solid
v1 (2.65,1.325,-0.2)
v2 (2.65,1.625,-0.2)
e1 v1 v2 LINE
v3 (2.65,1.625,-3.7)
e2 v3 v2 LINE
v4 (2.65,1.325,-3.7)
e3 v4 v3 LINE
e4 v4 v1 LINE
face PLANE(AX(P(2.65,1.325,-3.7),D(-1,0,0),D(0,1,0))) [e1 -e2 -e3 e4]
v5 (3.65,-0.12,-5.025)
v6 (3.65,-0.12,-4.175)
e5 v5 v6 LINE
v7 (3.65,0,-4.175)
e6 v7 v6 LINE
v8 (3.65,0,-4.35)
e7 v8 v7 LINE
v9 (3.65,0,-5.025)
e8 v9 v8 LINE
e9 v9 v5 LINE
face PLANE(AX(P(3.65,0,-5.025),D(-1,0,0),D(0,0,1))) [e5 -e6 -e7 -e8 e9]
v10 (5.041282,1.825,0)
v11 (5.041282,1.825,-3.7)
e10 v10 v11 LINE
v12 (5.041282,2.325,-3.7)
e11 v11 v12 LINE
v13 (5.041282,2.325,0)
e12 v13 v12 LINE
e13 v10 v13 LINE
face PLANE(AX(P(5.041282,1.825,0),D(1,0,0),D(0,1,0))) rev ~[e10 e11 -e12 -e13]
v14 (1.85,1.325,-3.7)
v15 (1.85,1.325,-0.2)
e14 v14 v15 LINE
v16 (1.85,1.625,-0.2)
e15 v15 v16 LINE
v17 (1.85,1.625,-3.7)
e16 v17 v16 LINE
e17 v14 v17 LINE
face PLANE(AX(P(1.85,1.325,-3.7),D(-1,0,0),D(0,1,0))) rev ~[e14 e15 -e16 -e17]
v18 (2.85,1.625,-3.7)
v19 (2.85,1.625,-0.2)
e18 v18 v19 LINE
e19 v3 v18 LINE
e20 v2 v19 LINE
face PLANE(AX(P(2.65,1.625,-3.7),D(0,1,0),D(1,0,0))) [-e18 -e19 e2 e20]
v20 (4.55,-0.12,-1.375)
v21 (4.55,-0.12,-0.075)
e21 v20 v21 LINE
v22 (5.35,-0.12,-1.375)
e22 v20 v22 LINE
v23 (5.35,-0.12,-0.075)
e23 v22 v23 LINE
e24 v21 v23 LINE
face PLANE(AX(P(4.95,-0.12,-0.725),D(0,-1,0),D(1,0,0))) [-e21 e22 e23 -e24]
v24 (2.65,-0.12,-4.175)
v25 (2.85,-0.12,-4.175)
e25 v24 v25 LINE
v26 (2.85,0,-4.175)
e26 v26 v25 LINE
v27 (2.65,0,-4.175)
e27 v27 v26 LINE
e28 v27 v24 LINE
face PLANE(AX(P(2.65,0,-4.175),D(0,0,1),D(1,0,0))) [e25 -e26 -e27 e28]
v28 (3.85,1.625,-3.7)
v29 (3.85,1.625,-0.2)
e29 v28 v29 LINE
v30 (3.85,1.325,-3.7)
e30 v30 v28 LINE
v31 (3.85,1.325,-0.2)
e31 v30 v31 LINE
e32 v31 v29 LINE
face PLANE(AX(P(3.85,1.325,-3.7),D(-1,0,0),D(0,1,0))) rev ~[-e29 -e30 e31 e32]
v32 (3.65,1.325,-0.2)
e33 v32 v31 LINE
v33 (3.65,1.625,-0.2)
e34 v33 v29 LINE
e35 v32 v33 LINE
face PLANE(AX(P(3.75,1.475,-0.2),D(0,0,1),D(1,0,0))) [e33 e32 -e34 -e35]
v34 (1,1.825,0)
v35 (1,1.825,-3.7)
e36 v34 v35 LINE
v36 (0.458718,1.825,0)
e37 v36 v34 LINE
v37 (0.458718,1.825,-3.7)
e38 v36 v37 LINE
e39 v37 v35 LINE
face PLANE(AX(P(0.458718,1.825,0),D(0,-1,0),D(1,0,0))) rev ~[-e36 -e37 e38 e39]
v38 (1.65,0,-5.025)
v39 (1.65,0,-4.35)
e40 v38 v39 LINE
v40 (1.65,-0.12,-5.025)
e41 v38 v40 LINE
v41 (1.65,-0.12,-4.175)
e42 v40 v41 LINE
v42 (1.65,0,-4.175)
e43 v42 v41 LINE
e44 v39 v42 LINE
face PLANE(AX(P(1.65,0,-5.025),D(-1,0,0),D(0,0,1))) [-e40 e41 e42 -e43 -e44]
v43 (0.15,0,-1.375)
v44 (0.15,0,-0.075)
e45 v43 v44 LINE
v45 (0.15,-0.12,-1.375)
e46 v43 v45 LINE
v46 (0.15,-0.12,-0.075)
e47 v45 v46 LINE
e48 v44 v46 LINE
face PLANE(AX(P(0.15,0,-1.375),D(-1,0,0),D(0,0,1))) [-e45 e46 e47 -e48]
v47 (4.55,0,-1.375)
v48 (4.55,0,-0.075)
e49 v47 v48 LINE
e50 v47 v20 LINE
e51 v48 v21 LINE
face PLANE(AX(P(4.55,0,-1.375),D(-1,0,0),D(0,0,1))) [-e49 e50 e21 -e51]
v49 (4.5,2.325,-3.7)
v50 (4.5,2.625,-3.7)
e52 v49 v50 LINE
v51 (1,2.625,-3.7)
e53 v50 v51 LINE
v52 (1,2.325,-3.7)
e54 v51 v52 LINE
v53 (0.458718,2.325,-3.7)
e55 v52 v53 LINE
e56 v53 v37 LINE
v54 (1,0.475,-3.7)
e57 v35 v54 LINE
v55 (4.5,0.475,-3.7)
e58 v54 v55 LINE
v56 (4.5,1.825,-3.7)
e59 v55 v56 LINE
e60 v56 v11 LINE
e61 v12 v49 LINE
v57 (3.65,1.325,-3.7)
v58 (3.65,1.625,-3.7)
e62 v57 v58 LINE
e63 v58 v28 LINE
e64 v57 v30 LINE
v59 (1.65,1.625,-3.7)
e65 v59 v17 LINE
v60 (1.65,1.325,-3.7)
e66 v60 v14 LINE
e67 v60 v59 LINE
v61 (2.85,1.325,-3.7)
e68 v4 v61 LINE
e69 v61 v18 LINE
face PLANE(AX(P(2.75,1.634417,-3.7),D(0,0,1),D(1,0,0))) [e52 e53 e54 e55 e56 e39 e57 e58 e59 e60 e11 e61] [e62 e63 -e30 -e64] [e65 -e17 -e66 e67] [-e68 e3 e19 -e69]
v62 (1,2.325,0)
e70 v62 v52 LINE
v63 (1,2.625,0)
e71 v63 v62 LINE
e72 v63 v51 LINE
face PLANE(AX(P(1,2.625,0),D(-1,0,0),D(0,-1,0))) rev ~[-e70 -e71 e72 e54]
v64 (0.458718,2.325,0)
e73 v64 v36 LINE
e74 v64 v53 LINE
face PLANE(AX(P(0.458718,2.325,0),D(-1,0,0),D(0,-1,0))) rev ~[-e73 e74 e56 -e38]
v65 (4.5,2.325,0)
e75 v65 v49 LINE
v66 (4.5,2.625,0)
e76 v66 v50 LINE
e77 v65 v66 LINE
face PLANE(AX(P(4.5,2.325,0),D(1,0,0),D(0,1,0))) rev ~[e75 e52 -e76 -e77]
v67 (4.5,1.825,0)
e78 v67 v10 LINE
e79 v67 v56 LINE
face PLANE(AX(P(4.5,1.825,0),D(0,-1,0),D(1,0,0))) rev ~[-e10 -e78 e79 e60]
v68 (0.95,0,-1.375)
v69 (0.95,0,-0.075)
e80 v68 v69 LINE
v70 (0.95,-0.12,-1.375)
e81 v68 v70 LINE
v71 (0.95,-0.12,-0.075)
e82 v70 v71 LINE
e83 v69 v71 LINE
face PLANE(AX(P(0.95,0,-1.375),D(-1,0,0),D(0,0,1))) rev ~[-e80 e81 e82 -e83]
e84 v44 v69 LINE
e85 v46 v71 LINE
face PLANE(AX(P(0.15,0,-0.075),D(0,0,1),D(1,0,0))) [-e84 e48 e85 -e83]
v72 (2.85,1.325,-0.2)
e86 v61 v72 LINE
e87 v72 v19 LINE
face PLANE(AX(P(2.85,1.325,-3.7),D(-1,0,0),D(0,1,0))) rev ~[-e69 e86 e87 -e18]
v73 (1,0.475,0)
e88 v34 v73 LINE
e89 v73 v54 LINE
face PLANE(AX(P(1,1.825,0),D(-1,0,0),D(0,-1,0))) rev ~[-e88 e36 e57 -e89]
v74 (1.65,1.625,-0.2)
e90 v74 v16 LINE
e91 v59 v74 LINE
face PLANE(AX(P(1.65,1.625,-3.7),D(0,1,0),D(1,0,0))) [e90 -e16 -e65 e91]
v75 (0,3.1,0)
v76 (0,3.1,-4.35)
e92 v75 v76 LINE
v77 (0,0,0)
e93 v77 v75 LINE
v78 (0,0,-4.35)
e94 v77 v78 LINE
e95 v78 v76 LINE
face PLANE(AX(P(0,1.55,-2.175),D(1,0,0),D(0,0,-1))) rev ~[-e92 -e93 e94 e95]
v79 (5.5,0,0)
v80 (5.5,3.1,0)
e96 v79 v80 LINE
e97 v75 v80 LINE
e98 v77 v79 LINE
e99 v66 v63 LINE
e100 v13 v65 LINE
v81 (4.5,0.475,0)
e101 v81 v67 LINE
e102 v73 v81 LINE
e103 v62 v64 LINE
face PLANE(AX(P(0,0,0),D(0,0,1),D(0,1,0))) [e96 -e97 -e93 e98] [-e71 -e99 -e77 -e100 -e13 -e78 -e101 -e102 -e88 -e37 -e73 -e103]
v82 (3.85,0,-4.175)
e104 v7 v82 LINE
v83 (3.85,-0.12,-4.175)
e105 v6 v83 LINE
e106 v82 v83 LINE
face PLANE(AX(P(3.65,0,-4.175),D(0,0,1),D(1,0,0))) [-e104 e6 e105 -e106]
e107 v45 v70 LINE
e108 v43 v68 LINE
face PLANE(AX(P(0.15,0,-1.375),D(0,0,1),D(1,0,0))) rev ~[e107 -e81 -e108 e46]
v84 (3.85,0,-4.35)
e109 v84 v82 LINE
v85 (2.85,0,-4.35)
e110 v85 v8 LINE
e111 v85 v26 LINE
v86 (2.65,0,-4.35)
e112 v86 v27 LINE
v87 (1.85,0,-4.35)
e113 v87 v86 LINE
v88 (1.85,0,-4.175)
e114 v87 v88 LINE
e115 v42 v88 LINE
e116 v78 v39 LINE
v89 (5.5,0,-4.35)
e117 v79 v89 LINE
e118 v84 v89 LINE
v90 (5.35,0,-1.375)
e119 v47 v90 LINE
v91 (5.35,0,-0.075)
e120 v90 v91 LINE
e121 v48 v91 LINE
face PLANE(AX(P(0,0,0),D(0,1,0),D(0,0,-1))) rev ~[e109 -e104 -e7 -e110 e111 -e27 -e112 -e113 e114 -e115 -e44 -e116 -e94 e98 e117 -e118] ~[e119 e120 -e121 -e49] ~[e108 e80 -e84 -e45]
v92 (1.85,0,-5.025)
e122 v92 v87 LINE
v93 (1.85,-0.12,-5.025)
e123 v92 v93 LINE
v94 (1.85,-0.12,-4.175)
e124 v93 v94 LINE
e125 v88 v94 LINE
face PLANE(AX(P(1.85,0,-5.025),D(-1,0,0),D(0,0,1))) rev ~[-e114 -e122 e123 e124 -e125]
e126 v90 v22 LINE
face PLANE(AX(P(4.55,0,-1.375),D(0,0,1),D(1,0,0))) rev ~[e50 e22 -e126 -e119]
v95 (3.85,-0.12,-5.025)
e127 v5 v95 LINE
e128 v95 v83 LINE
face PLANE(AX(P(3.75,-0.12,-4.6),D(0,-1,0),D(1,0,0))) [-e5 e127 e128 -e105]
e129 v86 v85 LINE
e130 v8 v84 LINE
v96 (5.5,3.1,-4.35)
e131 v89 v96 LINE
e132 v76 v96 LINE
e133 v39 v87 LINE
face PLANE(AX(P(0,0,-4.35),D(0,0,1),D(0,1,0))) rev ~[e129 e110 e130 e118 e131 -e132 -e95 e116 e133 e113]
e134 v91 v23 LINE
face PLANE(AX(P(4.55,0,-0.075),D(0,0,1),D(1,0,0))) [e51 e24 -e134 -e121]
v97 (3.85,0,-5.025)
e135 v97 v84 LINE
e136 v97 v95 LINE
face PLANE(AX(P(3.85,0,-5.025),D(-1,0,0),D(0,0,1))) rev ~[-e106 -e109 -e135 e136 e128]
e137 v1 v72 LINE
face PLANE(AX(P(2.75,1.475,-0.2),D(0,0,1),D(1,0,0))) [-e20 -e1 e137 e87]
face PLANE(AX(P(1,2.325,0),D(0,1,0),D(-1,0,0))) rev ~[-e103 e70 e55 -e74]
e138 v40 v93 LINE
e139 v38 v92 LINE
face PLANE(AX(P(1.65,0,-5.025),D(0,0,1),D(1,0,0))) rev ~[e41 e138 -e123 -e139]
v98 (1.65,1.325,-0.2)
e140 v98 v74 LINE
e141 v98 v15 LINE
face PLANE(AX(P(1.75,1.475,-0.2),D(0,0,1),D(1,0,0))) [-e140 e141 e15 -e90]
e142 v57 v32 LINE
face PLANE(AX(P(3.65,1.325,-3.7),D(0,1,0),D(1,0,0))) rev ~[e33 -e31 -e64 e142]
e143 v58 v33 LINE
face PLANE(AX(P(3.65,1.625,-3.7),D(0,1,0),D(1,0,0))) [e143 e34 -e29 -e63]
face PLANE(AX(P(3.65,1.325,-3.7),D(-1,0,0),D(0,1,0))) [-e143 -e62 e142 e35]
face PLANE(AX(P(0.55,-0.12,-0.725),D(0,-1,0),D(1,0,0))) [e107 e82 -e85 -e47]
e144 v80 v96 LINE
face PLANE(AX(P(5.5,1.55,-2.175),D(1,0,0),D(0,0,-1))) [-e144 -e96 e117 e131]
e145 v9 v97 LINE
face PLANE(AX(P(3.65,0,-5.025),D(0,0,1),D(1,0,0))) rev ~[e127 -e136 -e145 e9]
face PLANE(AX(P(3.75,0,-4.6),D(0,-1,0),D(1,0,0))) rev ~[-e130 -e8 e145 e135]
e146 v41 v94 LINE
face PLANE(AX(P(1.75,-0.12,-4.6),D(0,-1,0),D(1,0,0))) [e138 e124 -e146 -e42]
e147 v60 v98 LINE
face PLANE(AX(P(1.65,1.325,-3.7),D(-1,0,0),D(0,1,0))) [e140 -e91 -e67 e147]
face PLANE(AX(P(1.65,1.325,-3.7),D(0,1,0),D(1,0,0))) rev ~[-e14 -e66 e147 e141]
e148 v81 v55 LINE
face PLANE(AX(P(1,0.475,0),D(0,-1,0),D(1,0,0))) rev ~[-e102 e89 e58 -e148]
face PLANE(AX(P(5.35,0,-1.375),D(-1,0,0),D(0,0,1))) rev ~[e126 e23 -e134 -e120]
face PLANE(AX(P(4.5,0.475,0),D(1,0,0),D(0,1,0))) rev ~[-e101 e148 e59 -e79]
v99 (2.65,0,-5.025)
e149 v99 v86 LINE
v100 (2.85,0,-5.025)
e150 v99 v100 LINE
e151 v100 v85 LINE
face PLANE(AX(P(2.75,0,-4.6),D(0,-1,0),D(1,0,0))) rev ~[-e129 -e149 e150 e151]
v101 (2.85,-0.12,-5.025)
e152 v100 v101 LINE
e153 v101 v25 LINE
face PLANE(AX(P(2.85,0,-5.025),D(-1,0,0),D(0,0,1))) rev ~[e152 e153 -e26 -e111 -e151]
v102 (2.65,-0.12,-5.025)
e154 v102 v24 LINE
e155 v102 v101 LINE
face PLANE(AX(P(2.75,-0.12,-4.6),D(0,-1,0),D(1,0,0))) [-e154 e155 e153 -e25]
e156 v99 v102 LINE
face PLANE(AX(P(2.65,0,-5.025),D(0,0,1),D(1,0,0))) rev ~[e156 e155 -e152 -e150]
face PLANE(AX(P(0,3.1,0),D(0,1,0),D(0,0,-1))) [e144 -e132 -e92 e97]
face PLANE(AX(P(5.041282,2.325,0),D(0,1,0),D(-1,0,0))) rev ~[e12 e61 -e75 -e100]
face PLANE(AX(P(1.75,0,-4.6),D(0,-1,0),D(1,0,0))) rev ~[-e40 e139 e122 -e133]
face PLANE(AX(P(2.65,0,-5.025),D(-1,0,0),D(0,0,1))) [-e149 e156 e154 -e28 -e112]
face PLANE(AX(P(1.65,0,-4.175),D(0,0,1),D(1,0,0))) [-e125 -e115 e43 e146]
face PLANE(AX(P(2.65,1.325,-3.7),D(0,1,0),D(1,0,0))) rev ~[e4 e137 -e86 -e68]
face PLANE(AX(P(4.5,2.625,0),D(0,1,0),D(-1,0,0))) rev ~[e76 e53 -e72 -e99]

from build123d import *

# Parameters (mm, degrees)
SKETCH_1_W          = 4.35
SKETCH_1_H          = 3.1
EXTRUDE_1_DEPTH     = 5.5
CUT_EXTRUDE_1_DEPTH = 3.7
SKETCH_4_W          = 0.2
SKETCH_4_H          = 0.3
EXTRUDE_2_DEPTH     = 3.5
SKETCH_5_W          = 0.2
SKETCH_5_H          = 0.85
SKETCH_5_W_2        = 0.8
SKETCH_5_H_2        = 1.3
EXTRUDE_3_DEPTH     = 0.12


with BuildPart() as part:
    # 草图1 → 凸台-拉伸1 (new body)
    with BuildSketch(Plane(origin=(0, 0, 0), x_dir=(0, 0, -1), z_dir=(1, 0, 0))):
        with Locations((2.175, 1.55)):
            Rectangle(SKETCH_1_W, SKETCH_1_H)
    extrude(amount=EXTRUDE_1_DEPTH)

    # 草图2 → 切除-拉伸1 (cut)
    with BuildSketch(Plane.XY):
        Polygon((1, 0.475), (4.5, 0.475), (4.5, 1.825), (5.041281958, 1.825), (5.041281958, 2.325), (4.5, 2.325), (4.5, 2.625), (1, 2.625), (1, 2.325), (0.458718042, 2.325), (0.458718042, 1.825), (1, 1.825), align=None)
    extrude(amount=-CUT_EXTRUDE_1_DEPTH, mode=Mode.SUBTRACT)

    # 草图4 → 凸台-拉伸2 (add)
    with BuildSketch(Plane.XY.offset(-3.7)):
        with Locations((2.75, 1.475)):
            Rectangle(SKETCH_4_W, SKETCH_4_H)
        with Locations((1.75, 1.475)):
            Rectangle(SKETCH_4_W, SKETCH_4_H)
        with Locations((3.75, 1.475)):
            Rectangle(SKETCH_4_W, SKETCH_4_H)
    extrude(amount=EXTRUDE_2_DEPTH)

    # 草图5 → 凸台-拉伸3 (add)
    with BuildSketch(Plane.XZ):
        with Locations((2.75, -4.6)):
            Rectangle(SKETCH_5_W, SKETCH_5_H)
        with Locations((0.55, -0.725)):
            Rectangle(SKETCH_5_W_2, SKETCH_5_H_2)
        with Locations((1.75, -4.6)):
            Rectangle(SKETCH_5_W, SKETCH_5_H)
        with Locations((3.75, -4.6)):
            Rectangle(SKETCH_5_W, SKETCH_5_H)
        with Locations((4.95, -0.725)):
            Rectangle(SKETCH_5_W_2, SKETCH_5_H_2)
    extrude(amount=EXTRUDE_3_DEPTH)


solid = part.part
